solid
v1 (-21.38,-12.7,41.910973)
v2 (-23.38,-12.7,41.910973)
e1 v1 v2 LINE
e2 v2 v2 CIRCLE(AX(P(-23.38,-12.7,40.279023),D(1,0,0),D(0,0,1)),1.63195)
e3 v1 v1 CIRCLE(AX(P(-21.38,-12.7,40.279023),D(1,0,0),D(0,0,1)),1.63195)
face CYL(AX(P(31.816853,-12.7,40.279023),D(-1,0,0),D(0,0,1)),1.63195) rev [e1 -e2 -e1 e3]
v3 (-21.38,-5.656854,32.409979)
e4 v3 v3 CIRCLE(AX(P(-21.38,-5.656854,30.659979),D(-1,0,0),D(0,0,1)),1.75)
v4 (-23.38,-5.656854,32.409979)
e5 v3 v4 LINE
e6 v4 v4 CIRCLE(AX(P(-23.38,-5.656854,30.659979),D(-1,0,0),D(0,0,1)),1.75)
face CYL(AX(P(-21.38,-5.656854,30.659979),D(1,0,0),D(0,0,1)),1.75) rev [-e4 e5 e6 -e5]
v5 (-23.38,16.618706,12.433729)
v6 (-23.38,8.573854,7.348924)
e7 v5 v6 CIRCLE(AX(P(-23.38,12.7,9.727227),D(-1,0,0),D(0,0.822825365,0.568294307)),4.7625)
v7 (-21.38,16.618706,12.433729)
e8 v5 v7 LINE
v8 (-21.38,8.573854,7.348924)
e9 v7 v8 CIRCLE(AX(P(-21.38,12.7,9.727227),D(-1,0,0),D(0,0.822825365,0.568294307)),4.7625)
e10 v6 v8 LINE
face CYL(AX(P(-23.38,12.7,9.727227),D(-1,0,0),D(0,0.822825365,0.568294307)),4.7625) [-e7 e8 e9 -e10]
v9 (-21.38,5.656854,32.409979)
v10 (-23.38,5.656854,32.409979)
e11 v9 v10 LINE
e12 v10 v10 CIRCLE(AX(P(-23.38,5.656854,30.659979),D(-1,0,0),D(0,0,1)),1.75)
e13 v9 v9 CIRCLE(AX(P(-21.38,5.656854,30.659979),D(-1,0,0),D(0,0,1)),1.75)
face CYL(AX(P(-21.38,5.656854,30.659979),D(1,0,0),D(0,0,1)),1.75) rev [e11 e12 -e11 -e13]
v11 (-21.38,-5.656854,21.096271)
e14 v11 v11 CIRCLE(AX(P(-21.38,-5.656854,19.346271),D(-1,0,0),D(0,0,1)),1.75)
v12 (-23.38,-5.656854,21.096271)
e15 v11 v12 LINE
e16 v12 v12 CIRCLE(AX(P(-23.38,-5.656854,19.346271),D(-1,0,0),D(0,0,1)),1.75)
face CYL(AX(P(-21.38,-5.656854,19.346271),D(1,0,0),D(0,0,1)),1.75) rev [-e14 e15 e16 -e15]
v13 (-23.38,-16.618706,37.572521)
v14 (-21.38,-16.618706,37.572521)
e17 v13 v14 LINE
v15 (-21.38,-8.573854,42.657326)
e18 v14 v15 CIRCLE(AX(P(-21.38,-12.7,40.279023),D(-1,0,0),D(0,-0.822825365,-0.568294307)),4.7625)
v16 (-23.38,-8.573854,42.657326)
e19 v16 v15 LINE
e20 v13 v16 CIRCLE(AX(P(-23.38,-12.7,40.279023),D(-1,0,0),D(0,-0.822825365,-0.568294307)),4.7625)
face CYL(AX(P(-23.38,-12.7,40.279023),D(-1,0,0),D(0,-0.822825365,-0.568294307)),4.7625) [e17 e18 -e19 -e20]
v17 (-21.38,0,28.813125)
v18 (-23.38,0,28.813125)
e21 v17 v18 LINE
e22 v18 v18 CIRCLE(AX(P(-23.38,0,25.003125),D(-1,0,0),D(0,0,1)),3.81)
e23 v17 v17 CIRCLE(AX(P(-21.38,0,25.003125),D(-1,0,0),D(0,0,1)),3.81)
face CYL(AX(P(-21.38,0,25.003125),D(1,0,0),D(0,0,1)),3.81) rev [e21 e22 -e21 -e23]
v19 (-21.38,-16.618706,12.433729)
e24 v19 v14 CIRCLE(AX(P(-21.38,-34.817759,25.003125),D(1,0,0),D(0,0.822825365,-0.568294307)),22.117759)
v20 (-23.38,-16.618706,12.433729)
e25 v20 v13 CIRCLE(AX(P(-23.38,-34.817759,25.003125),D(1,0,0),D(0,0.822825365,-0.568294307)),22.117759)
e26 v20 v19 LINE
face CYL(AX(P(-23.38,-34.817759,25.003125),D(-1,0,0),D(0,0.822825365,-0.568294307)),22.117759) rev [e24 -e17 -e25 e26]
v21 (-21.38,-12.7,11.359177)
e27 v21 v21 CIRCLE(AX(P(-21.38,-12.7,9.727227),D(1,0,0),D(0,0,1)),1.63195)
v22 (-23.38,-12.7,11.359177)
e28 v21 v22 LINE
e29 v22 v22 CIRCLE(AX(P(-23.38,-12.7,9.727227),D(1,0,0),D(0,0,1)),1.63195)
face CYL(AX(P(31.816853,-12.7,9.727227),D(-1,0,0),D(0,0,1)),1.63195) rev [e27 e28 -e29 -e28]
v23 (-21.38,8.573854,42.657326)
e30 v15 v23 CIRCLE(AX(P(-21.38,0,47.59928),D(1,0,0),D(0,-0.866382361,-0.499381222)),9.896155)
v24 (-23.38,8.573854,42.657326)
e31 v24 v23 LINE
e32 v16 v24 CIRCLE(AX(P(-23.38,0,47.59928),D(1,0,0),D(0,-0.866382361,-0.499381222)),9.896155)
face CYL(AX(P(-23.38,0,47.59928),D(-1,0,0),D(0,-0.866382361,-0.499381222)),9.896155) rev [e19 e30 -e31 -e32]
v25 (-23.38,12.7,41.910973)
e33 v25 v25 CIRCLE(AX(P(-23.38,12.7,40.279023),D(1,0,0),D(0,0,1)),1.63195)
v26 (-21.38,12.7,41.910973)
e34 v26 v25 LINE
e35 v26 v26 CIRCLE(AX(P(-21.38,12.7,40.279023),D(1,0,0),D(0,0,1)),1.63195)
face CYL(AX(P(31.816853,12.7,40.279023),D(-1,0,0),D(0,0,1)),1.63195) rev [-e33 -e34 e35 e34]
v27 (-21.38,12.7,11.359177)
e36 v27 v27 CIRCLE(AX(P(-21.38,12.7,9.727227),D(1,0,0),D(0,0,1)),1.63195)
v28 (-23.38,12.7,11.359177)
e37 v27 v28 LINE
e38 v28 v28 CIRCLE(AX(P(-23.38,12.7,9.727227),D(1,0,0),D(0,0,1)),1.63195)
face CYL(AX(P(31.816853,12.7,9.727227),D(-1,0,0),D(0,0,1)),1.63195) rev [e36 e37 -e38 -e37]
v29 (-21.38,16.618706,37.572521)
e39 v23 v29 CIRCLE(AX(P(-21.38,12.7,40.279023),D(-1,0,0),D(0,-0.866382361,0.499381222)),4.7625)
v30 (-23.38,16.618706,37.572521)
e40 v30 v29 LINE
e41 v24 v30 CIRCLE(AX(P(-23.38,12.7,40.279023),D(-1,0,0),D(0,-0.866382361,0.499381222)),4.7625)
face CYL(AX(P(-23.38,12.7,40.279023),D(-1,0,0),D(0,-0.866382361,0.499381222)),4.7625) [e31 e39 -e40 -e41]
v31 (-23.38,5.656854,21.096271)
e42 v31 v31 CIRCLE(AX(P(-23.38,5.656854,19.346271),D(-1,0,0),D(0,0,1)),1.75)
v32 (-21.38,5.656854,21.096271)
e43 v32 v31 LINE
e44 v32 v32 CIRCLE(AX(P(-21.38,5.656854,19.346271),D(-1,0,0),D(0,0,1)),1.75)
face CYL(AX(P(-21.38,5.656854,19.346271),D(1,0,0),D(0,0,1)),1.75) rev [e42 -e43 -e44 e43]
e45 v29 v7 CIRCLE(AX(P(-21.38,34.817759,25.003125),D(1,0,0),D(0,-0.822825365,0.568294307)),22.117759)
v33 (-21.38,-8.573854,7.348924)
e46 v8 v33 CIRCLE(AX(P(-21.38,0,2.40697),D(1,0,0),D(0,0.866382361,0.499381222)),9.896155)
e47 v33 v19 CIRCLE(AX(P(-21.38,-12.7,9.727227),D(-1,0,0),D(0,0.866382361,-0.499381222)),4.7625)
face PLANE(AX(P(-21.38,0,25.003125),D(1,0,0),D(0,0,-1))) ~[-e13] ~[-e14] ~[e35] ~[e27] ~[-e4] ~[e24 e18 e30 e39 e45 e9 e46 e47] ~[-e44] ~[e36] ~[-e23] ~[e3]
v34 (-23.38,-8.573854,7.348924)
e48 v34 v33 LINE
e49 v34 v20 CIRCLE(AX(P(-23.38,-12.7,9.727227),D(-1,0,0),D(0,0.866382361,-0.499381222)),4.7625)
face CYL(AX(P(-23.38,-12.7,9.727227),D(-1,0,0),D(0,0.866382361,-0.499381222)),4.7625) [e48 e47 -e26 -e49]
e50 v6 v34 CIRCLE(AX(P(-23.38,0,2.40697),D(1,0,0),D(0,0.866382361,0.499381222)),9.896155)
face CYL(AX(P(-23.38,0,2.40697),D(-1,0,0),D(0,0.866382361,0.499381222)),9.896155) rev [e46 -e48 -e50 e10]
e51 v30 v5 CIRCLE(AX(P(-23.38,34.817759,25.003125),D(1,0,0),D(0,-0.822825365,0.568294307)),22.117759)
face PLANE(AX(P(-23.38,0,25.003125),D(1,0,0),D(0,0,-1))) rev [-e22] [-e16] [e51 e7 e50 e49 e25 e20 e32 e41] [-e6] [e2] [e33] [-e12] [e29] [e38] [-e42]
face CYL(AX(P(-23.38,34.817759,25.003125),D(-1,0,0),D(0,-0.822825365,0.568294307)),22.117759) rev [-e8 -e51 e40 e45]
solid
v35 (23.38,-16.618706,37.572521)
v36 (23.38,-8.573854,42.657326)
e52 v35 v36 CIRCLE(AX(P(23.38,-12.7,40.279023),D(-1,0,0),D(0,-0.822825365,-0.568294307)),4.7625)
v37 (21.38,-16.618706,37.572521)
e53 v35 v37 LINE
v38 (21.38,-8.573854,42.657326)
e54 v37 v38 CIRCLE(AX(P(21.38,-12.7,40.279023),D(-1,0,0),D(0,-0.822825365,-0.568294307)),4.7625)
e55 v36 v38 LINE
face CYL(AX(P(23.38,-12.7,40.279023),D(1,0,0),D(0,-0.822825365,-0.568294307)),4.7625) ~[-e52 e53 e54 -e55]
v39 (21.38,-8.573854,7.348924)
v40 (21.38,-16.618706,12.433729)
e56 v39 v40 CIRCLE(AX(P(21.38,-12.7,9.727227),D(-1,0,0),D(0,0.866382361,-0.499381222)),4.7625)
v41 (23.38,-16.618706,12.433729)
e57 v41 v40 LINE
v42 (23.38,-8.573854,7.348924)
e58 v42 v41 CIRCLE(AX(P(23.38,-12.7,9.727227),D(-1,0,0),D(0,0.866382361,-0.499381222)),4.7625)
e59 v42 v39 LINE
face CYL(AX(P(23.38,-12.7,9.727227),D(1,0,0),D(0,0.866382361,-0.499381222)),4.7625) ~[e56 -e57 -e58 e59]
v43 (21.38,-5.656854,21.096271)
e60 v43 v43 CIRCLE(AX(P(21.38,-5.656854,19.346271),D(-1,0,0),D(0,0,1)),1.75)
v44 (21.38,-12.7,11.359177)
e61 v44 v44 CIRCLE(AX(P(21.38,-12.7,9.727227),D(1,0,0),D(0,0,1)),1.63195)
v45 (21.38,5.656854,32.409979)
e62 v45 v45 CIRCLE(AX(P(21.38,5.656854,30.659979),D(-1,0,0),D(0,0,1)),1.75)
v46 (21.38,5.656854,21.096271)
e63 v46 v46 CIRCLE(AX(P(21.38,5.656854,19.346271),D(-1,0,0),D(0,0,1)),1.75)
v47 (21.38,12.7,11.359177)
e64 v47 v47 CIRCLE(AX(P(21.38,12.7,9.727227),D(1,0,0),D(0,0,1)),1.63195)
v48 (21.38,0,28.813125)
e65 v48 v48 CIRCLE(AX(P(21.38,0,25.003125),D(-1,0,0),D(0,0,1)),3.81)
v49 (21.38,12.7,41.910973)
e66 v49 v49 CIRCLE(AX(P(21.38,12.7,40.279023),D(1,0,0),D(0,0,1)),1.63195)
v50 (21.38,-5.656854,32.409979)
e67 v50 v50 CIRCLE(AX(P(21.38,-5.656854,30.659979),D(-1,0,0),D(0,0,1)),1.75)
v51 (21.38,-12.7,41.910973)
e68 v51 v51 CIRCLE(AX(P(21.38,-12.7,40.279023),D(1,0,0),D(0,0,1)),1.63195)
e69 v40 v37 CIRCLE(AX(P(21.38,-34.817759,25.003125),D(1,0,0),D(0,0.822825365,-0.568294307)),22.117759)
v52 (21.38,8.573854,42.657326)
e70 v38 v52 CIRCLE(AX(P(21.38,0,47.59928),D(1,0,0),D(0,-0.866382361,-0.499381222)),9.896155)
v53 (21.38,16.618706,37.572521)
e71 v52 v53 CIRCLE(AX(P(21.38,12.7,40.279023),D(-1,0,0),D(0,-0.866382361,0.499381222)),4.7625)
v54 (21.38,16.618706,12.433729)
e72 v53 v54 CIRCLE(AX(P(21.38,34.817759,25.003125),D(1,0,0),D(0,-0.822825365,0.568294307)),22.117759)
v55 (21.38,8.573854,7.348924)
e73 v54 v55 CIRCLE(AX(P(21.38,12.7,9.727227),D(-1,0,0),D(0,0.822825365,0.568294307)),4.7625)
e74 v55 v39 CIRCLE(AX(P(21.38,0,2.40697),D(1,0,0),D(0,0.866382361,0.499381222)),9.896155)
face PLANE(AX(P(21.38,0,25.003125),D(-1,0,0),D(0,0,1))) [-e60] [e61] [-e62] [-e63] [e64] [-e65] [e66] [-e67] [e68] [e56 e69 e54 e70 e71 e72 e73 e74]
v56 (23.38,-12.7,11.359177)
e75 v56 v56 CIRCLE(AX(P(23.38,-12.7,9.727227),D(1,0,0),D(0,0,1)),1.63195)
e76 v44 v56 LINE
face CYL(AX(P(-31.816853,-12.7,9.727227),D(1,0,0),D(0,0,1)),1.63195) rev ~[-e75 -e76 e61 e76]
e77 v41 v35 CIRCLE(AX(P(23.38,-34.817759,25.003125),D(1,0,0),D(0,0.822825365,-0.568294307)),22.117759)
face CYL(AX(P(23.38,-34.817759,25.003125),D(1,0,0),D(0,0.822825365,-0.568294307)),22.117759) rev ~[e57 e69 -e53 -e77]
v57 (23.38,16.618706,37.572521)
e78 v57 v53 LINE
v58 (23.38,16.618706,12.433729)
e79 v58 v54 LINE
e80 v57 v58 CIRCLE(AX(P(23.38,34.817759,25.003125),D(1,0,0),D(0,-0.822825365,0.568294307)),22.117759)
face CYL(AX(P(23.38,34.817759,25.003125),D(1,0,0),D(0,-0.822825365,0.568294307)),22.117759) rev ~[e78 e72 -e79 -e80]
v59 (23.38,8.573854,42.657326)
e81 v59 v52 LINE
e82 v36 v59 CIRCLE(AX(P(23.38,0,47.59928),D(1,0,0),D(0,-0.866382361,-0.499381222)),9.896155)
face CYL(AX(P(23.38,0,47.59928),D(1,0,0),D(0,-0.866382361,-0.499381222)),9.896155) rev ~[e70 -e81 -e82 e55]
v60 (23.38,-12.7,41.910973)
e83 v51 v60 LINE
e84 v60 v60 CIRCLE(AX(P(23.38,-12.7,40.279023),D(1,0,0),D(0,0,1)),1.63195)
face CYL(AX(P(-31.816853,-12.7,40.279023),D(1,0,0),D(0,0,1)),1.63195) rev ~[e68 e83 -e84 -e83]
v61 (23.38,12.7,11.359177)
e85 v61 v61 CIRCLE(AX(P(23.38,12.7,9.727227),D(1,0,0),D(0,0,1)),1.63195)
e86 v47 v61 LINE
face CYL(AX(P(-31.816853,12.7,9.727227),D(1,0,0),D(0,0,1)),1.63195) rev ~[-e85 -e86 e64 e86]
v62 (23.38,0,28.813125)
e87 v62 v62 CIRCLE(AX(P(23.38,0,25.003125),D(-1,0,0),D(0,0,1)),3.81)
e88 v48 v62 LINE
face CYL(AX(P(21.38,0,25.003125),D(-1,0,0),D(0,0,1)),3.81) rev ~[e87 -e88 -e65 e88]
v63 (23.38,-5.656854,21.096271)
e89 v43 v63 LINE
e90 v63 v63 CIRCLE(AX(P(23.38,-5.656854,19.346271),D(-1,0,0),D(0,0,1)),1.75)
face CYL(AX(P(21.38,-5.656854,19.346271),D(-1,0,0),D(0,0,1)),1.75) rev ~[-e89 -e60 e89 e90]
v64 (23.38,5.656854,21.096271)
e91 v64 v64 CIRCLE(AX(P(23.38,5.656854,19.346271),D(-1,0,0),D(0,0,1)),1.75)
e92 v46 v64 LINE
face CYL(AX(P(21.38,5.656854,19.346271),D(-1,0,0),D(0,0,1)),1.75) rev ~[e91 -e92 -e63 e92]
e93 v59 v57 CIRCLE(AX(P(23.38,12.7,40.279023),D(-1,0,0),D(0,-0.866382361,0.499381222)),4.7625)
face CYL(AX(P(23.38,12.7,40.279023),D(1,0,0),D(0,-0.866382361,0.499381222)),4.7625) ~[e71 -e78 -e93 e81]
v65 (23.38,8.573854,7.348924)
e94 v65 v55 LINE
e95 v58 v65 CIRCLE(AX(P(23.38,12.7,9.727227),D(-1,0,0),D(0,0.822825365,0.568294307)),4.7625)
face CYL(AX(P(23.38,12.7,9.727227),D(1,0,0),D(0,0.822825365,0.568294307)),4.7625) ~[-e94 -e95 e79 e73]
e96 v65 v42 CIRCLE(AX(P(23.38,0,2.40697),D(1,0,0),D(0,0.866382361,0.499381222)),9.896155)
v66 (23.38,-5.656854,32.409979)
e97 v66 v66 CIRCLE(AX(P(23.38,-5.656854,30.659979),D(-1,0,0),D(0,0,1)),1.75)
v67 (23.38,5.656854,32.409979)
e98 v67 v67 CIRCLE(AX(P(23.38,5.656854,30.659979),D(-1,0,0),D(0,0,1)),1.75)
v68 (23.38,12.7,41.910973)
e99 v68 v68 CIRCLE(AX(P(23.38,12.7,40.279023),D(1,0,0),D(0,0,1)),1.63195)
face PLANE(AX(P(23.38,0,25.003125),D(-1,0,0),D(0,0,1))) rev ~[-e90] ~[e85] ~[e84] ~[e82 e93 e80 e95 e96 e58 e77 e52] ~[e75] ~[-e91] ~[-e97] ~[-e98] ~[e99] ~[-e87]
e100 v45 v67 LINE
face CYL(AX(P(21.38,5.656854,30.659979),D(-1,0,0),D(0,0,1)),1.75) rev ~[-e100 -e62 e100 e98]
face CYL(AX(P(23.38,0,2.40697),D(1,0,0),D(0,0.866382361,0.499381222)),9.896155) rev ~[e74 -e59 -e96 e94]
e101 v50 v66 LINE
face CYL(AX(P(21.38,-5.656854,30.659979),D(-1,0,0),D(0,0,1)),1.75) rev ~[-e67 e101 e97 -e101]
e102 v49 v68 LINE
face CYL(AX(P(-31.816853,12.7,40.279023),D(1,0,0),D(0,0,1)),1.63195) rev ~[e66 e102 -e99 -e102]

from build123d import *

# Parameters (mm, degrees)
BOSS_EXTRUDE1_DEPTH   = 2.000000064
SKETCH2_R             = 1.75
SKETCH2_R_2           = 3.81
CUT_EXTRUDE1_DEPTH    = 2.000000064
F_4_CLEARANCE_HOLE1_D = 3.2639


with BuildPart() as part:
    # Sketch1 → Boss-Extrude1 (new body)
    with BuildSketch(Plane(origin=(23.379999952, 0, 0), x_dir=(0, 0, -1), z_dir=(1, 0, 0))):
        with BuildLine():
            ThreePointArc((-12.433728752, 16.618705799), (-5.701455305, 15.24451716), (-7.348924048, 8.573854006))
            ThreePointArc((-7.348924048, 8.573854006), (-12.303125, 0), (-7.348924048, -8.573854006))
            ThreePointArc((-7.348924048, -8.573854006), (-5.701455305, -15.24451716), (-12.433728752, -16.618705799))
            ThreePointArc((-12.433728752, -16.618705799), (-25.003125, -12.7), (-37.572521248, -16.618705799))
            ThreePointArc((-37.572521248, -16.618705799), (-44.304794695, -15.24451716), (-42.657325952, -8.573854006))
            ThreePointArc((-42.657325952, -8.573854006), (-37.703125, 0), (-42.657325952, 8.573854006))
            ThreePointArc((-42.657325952, 8.573854006), (-44.304794695, 15.24451716), (-37.572521248, 16.618705799))
            ThreePointArc((-37.572521248, 16.618705799), (-25.003125, 12.7), (-12.433728752, 16.618705799))
        make_face()
    extrude(amount=-BOSS_EXTRUDE1_DEPTH)

    # Sketch2 → Cut-Extrude1 (cut)
    with BuildSketch(Plane.ZY.offset(-21.379999888)):
        with Locations((19.346270749, 5.656854251)):
            Circle(SKETCH2_R)
        with Locations((19.346270749, -5.656854251)):
            Circle(SKETCH2_R)
        with Locations((30.659979251, -5.656854251)):
            Circle(SKETCH2_R)
        with Locations((30.659979251, 5.656854251)):
            Circle(SKETCH2_R)
        with Locations((25.003125, 0)):
            Circle(SKETCH2_R_2)
    extrude(amount=-CUT_EXTRUDE1_DEPTH, mode=Mode.SUBTRACT)

    # #4 Clearance Hole1 (through all)
    with Locations(Plane(origin=(21.379999888, 0, 0), x_dir=(0, 0, -1), z_dir=(-1, 0, 0))):
        with Locations((-40.279022884, -12.7), (-9.727227116, -12.7), (-9.727227116, 12.7), (-40.279022884, 12.7)):
            Hole(F_4_CLEARANCE_HOLE1_D / 2)


with BuildPart() as body_2:
    # Mirror1: mirrored copy
    add(part.part.mirror(Plane(origin=(0, 0, 0), x_dir=(0, 0, 1), z_dir=(1, 0, 0))))


solid = Compound([part.part, body_2.part])
